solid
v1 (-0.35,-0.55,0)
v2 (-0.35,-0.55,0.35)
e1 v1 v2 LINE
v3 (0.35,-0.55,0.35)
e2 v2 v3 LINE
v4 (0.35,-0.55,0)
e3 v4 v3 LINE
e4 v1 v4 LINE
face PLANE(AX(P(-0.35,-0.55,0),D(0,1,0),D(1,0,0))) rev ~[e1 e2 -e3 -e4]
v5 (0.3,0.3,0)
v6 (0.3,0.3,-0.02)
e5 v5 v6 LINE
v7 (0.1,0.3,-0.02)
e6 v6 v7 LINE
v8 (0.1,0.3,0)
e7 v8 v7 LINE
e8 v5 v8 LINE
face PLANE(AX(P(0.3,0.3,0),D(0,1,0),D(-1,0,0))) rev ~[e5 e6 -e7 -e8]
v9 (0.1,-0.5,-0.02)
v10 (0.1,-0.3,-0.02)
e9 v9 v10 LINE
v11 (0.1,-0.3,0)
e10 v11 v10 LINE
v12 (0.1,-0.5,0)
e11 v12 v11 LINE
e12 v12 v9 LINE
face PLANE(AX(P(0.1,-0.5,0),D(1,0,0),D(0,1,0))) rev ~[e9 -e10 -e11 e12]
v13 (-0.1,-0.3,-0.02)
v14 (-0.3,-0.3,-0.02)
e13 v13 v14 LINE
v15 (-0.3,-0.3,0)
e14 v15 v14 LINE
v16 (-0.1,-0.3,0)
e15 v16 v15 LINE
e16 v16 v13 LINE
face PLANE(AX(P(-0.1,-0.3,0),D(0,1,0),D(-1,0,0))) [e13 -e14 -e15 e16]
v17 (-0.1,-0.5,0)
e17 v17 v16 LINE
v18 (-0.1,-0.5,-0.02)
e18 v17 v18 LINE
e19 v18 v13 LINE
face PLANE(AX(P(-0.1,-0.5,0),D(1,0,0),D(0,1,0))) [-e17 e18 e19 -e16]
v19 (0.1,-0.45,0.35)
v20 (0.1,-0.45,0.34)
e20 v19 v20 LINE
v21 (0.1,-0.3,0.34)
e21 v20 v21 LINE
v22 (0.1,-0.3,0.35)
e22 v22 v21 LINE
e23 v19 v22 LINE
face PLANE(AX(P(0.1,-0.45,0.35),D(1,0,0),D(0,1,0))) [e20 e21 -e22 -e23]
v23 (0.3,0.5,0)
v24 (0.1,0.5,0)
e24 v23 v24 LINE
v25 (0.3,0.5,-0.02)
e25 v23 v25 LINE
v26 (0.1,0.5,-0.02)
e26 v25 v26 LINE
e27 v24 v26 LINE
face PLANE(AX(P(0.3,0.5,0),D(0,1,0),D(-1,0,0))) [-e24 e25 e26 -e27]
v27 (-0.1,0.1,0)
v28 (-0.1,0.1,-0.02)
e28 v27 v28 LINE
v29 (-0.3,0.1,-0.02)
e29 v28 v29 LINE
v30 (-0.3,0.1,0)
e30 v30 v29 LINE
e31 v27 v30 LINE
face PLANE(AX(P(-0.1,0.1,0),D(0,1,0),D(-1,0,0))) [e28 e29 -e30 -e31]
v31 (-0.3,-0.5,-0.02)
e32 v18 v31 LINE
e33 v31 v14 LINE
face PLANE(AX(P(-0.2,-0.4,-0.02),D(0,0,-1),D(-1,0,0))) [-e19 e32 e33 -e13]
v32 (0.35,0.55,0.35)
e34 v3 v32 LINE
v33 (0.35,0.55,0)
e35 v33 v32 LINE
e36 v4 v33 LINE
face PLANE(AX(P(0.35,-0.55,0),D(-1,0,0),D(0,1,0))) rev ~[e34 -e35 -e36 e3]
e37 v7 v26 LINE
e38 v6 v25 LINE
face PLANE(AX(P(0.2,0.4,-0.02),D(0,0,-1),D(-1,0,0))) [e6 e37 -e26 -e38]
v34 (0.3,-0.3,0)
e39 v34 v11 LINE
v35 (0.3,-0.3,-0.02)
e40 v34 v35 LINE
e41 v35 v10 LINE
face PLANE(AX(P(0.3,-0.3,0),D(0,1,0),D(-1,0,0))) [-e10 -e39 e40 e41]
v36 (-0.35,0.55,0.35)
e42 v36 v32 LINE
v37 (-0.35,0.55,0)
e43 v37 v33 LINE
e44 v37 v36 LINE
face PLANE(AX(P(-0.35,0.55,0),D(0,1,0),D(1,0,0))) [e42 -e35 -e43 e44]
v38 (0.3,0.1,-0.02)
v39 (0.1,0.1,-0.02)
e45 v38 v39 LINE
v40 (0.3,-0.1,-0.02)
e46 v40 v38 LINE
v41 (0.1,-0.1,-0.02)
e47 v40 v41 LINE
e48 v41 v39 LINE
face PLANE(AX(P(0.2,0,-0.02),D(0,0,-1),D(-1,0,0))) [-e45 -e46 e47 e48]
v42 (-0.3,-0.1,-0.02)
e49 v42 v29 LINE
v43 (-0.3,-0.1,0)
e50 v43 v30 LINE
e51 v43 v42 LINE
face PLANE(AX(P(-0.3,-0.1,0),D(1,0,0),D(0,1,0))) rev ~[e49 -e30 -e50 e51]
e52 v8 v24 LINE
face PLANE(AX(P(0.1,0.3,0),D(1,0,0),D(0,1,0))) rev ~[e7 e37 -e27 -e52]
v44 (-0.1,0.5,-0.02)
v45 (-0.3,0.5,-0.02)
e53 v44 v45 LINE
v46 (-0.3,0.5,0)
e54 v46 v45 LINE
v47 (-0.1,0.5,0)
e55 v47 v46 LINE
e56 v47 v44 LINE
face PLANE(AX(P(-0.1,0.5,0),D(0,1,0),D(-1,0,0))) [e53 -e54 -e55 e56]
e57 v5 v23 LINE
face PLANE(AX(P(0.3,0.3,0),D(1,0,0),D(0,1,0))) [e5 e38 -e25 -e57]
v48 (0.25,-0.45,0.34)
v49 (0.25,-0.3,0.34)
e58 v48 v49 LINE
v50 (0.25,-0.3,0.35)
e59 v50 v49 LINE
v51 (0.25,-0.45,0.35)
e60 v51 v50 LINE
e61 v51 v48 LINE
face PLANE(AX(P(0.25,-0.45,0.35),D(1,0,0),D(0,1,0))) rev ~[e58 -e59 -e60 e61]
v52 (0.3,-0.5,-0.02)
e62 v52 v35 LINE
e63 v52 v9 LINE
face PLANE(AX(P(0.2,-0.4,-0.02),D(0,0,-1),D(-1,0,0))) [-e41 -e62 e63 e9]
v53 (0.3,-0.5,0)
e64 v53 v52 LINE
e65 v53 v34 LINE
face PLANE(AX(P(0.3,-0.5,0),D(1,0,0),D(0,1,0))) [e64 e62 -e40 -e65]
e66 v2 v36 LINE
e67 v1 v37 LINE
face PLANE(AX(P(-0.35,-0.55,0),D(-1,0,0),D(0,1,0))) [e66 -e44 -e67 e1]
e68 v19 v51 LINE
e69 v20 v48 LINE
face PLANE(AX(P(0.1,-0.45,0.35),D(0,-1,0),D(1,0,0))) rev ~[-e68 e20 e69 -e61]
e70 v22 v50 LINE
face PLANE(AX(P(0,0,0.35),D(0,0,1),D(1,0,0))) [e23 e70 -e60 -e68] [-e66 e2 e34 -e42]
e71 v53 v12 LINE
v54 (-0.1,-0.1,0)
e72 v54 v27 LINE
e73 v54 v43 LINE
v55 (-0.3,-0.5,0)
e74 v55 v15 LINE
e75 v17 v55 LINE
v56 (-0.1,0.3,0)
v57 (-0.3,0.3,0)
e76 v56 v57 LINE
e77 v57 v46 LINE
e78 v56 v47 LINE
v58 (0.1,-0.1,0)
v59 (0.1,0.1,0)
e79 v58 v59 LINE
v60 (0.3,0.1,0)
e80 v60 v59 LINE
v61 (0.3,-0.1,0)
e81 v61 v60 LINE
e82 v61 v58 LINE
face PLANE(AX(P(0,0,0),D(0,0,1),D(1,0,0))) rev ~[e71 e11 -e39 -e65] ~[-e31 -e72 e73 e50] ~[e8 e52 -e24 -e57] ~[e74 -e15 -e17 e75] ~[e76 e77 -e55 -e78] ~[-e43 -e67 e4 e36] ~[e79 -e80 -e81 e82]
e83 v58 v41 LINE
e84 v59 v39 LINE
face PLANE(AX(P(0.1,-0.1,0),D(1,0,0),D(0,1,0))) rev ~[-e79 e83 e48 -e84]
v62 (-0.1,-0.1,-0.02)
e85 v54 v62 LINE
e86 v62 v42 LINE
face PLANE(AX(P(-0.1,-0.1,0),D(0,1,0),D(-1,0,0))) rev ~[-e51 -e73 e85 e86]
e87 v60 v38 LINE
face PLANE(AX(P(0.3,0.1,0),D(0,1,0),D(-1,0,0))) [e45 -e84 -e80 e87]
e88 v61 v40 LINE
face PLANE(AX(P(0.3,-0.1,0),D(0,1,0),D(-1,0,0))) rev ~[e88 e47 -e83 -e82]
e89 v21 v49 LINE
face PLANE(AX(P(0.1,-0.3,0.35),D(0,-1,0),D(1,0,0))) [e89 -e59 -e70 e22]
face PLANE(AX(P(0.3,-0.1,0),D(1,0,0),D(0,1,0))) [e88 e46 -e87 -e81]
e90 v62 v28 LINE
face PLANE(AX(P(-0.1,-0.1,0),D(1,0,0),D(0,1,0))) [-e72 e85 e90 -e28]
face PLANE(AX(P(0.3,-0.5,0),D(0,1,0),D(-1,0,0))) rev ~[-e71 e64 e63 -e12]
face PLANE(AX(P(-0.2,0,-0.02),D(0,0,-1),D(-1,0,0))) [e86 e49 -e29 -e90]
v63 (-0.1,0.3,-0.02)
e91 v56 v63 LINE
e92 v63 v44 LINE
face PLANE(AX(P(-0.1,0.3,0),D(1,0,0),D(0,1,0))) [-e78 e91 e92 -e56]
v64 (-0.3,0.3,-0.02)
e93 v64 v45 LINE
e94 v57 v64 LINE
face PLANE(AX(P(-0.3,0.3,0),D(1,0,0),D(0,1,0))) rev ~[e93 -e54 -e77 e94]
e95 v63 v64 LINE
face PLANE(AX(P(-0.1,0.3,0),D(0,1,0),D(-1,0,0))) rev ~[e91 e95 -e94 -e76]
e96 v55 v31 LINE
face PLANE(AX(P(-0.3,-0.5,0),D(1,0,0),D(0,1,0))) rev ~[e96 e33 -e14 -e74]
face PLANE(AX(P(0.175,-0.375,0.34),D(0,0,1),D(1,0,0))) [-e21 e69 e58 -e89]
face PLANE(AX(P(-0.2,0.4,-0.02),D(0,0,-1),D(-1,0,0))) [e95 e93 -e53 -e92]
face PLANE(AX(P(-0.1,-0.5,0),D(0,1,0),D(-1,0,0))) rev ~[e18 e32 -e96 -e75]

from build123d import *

# Parameters (mm, degrees)
SKETCH1_W           = 0.7
SKETCH1_H           = 1.1
BOSS_EXTRUDE1_DEPTH = 0.35
SKETCH2_W           = 0.2
SKETCH2_H           = 0.2
BOSS_EXTRUDE2_DEPTH = 0.02
SKETCH3_W           = 0.15
SKETCH3_H           = 0.15
CUT_EXTRUDE1_DEPTH  = 0.01


with BuildPart() as part:
    # Sketch1 → Boss-Extrude1 (new body)
    with BuildSketch(Plane.XY):
        Rectangle(SKETCH1_W, SKETCH1_H)
    extrude(amount=BOSS_EXTRUDE1_DEPTH)

    # Sketch2 → Boss-Extrude2 (add)
    with BuildSketch(Plane(origin=(0, 0, 0), x_dir=(-1, 0, 0), z_dir=(0, 0, -1))):
        with Locations((-0.2, 0.4)):
            Rectangle(SKETCH2_W, SKETCH2_H)
        with Locations((-0.2, -0.4)):
            Rectangle(SKETCH2_W, SKETCH2_H)
        with Locations((-0.2, 0)):
            Rectangle(SKETCH2_W, SKETCH2_H)
        with Locations((0.2, -0.4)):
            Rectangle(SKETCH2_W, SKETCH2_H)
        with Locations((0.2, 0)):
            Rectangle(SKETCH2_W, SKETCH2_H)
        with Locations((0.2, 0.4)):
            Rectangle(SKETCH2_W, SKETCH2_H)
    extrude(amount=BOSS_EXTRUDE2_DEPTH)

    # Sketch3 → Cut-Extrude1 (cut)
    with BuildSketch(Plane.XY.offset(0.35)):
        with Locations((0.175, -0.375)):
            Rectangle(SKETCH3_W, SKETCH3_H)
    extrude(amount=-CUT_EXTRUDE1_DEPTH, mode=Mode.SUBTRACT)


solid = part.part
